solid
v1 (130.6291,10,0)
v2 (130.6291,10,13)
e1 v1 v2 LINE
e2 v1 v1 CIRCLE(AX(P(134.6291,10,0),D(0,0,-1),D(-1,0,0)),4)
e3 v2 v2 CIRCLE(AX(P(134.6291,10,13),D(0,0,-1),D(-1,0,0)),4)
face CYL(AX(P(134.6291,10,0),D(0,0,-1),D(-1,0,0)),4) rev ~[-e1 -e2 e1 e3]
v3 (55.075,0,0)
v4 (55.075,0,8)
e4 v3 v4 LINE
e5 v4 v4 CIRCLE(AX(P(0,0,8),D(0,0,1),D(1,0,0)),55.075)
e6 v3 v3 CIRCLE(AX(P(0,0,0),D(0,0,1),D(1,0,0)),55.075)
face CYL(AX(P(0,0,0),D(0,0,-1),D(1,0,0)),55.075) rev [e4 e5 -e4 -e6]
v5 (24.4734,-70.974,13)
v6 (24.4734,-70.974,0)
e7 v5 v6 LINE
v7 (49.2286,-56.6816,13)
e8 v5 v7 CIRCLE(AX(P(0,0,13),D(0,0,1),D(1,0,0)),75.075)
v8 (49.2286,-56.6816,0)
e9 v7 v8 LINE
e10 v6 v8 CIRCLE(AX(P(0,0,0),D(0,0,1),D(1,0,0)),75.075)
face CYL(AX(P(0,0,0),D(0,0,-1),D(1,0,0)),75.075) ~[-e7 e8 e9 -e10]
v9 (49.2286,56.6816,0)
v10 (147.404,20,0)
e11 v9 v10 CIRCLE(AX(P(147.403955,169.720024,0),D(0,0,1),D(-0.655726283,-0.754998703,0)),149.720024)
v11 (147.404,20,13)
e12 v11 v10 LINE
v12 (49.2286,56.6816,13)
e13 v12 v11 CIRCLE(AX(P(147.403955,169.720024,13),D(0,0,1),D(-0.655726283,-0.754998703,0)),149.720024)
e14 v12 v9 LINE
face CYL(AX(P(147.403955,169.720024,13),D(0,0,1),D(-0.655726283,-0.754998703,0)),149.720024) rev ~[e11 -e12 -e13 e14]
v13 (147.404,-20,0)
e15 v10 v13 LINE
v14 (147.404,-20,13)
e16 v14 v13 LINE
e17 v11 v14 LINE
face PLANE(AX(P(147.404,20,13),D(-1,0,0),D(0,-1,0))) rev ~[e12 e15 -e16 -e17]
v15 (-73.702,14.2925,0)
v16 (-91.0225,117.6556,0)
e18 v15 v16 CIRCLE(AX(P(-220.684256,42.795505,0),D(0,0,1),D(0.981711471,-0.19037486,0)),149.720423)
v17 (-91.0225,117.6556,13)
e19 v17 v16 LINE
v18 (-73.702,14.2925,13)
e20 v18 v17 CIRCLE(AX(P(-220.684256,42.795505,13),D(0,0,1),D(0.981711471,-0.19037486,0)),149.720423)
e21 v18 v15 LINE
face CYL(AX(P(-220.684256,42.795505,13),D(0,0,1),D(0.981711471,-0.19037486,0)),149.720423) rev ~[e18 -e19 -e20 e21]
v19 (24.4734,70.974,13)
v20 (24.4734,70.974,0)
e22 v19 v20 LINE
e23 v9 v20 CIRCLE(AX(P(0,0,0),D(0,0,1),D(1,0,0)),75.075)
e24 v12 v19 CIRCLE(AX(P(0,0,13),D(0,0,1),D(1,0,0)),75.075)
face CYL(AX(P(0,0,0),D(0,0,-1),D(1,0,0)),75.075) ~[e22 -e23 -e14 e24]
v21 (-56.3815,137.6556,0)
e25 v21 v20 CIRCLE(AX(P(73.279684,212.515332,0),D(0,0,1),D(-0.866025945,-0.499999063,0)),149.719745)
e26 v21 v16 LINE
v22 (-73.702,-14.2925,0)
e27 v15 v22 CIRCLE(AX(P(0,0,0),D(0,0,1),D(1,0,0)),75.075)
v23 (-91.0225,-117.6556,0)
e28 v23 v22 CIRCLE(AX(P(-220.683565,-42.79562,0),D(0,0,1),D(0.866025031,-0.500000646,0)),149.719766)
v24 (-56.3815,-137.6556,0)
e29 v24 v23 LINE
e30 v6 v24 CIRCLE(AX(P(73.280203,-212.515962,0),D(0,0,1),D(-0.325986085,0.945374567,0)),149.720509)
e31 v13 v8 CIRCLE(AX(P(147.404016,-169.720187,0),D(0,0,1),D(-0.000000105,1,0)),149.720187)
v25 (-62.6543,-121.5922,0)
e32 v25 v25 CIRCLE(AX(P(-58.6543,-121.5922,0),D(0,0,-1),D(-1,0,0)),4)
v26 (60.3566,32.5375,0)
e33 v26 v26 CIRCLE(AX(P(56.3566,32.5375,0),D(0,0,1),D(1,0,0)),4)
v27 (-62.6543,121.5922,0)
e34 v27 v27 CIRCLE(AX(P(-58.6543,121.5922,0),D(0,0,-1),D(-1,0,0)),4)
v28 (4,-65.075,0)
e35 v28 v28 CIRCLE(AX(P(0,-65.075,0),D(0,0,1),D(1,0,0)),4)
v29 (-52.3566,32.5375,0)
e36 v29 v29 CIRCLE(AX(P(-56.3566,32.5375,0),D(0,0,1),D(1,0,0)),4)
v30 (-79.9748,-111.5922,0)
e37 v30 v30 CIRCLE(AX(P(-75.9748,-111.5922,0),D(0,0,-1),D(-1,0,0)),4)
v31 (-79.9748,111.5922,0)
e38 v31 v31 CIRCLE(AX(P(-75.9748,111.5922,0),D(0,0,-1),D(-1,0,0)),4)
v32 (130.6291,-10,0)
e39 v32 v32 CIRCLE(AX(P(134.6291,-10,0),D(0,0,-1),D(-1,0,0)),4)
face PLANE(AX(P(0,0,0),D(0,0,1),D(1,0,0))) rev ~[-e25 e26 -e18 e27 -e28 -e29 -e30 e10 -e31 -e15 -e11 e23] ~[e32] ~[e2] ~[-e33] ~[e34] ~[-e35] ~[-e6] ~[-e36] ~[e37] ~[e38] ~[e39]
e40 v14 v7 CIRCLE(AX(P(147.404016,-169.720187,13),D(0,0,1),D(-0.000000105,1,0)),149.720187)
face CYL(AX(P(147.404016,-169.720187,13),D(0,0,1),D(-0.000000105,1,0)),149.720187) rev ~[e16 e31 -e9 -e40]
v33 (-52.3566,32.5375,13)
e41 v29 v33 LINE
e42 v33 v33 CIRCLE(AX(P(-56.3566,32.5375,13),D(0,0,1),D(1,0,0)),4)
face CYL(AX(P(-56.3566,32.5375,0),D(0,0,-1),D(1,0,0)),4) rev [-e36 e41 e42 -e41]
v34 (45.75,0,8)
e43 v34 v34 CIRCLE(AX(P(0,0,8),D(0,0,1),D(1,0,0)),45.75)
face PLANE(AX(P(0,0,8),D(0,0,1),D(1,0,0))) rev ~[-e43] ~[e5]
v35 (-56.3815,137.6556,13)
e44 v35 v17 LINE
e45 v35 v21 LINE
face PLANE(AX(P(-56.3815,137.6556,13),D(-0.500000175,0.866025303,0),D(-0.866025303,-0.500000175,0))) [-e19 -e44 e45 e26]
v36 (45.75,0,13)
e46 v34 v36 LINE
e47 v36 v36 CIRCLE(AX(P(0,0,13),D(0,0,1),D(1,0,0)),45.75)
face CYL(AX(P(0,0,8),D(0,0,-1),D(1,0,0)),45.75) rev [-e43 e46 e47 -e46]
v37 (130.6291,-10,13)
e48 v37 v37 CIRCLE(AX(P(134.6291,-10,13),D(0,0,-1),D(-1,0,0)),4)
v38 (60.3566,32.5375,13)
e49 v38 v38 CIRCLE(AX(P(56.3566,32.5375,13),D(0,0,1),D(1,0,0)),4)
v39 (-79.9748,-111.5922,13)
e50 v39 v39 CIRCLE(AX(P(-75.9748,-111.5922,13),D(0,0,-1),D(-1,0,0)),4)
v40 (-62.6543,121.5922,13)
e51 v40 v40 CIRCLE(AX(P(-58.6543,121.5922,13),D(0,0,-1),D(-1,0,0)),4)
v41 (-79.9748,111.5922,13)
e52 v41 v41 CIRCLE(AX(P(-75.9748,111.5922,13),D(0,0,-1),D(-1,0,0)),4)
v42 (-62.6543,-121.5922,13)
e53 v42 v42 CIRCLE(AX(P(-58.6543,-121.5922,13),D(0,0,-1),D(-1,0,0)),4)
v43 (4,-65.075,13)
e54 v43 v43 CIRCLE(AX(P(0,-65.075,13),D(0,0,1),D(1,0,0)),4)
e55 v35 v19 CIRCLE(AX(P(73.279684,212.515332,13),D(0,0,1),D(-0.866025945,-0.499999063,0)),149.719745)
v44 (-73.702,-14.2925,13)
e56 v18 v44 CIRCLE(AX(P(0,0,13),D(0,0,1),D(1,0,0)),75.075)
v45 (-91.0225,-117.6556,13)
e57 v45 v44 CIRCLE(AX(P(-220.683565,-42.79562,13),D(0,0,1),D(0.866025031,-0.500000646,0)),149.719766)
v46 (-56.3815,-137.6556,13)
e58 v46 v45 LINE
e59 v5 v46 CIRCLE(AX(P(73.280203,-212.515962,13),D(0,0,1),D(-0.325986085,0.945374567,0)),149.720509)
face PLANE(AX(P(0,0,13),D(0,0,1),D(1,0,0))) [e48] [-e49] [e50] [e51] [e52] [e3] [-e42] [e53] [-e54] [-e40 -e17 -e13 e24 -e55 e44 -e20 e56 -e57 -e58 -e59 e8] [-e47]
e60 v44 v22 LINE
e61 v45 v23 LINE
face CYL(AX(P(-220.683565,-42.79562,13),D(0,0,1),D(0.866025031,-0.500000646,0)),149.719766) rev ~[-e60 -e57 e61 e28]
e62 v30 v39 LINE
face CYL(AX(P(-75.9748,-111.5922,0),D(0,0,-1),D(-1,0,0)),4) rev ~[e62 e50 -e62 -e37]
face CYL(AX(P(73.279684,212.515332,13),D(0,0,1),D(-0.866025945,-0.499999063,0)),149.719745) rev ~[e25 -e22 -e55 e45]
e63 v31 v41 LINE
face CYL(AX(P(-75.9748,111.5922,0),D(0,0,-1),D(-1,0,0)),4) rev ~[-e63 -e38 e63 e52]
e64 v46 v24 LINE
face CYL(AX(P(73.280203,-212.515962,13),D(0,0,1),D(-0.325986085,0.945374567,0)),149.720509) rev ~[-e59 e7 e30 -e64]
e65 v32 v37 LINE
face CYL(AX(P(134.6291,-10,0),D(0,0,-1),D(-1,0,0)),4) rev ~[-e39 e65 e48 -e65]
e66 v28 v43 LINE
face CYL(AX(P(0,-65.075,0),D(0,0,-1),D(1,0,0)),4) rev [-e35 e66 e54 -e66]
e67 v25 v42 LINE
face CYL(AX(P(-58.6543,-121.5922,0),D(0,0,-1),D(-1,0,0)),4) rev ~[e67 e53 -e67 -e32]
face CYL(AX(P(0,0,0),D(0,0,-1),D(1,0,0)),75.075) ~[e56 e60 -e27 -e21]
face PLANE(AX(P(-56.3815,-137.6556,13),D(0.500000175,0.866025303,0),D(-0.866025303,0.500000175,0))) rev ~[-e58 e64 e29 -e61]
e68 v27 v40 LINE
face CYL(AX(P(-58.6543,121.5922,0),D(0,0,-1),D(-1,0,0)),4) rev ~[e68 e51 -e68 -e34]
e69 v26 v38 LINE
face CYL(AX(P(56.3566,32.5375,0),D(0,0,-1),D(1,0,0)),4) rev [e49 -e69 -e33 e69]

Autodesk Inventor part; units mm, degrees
ref_plane "YZ Plane" through (0, 0, 0) normal (1, 0, 0) x (0, 1, 0)
ref_plane "XZ Plane" through (0, 0, 0) normal (0, 1, 0) x (-1, 0, 0)
ref_plane "XY Plane" through (0, 0, 0) normal (0, 0, 1) x (1, 0, 0)
sketch "Sketch1" plane through (0, 0, 0) normal (0, 0, 1) x (1, 0, 0)
  circle A0 centre (0, 0) radius 55.075
  circle A1 centre (0, 0) radius 75.075
  circle A2 centre (0, -65.075) radius 4
  circle A3 centre (-56.3566, 32.5375) radius 4
  circle A4 centre (56.3566, 32.5375) radius 4
  line L0 (0, -65.075) -> (-56.3566, 32.5375) construction
  line L1 (-56.3566, 32.5375) -> (56.3566, 32.5375) construction
  line L2 (0, -65.075) -> (56.3566, 32.5375) construction
  line L3 (0, -61.075) -> (0, -55.075) construction
  line L4 (-52.8925, 30.5375) -> (-47.6963, 27.5375) construction
  line L5 (47.6963, 27.5375) -> (52.8925, 30.5375) construction
  dimension "d4" = 8
  dimension "d0" = 110.15
  dimension "d1" = 20
  dimension "d6" = 6
extrude "Extrusion1" add sketch "Sketch1" along normal blind 8
sketch "Sketch2" plane through (0, 0, 8) normal (0, 0, 1) x (1, 0, 0)
  circle A0 centre (0, 0) radius 55.075 projected
  circle A1 centre (0, 0) radius 45.75
  circle A2 centre (0, 0) radius 75.075 projected
  circle A3 centre (56.3566, 32.5375) radius 4 projected
  circle A4 centre (-56.3566, 32.5375) radius 4 projected
  circle A5 centre (0, -65.075) radius 4 projected
  circle A6 centre (0, 0) radius 55.075 projected
  dimension "d7" = 91.5
extrude "Extrusion2" add sketch "Sketch2" along normal blind 5 contours A0 | A2
sketch "Sketch3" plane through (0, 0, 13) normal (0, 0, 1) x (1, 0, 0)
  circle A0 centre (0, 0) radius 75.075 projected
  line L0 (72.362, 20) -> (147.404, 20)
  line L1 (147.404, 20) -> (147.404, -20)
  line L2 (147.404, -20) -> (72.362, -20)
  circle A1 centre (0, 0) radius 75.075 projected
  line L3 (-18.8605, -72.6673) -> (-56.3815, -137.6556)
  line L4 (-56.3815, -137.6556) -> (-91.0225, -117.6556)
  line L5 (-91.0225, -117.6556) -> (-53.5015, -52.6673)
  line L6 (-18.8605, 72.6673) -> (-56.3815, 137.6556)
  line L7 (-56.3815, 137.6556) -> (-91.0225, 117.6556)
  line L8 (-91.0225, 117.6556) -> (-53.5015, 52.6673)
  line L9 (147.404, 0) -> (-73.702, 127.6556) construction
  line L10 (-73.702, -127.6556) -> (-73.702, 127.6556) construction
  line L11 (147.404, 0) -> (-73.702, -127.6556) construction
  arc A2 (49.2286, 56.6816) -> (147.404, 20) centre (147.404, 169.7201) ccw
  arc A3 (147.404, -20) -> (49.2286, -56.6816) centre (147.404, -169.7201) ccw
  arc A4 (24.4734, -70.974) -> (-56.3815, -137.6556) centre (73.28, -212.5156) ccw
  arc A5 (-91.0225, -117.6556) -> (-73.702, -14.2925) centre (-220.6839, -42.7955) ccw
  arc A6 (-73.702, 14.2925) -> (-91.0225, 117.6556) centre (-220.6839, 42.7955) ccw
  arc A7 (-56.3815, 137.6556) -> (24.4734, 70.974) centre (73.28, 212.5156) ccw
  point P0 (24.4734, 70.974)
  point P1 (24.4734, -70.974)
  point P2 (-73.702, -14.2925)
  point P3 (49.2286, 56.6816)
  point P4 (49.2286, -56.6816)
  dimension "d10" = 40
extrude "Extrusion3" add sketch "Sketch3" against normal up to surface (13 mm away) contours A0 L0 L1 L2 | A0 A2 L0 | L2 A3 A0 | A0 L6 A7 | A4 L3 A0 | A0 L8 L7 L6 | L3 L4 L5 A0 | A0 A6 L8 | L5 A5 A0
sketch "Sketch4" plane through (0, 0, 0) normal (0, 0, -1) x (-1, 0, 0)
  circle A0 centre (0, 0) radius 135 construction
  circle A1 centre (75.9748, 111.5922) radius 4
  circle A2 centre (58.6543, 121.5922) radius 4
  line L0 (58.6543, 121.5922) -> (56.3815, 137.6556) construction
  line L1 (75.9748, 111.5922) -> (91.0225, 117.6556) construction
  circle A3 centre (-134.6291, -10) radius 4
  circle A4 centre (-134.6291, 10) radius 4
  circle A5 centre (75.9748, -111.5922) radius 4
  circle A6 centre (58.6543, -121.5922) radius 4
  dimension "d13" = 8
  dimension "d14" = 270
  dimension "d15" = 20
  dimension "d18" = 360
extrude "Extrusion4" cut sketch "Sketch4" against normal blind 20
equation "\"d2\" = d4"
properties part number "Tractor_Mobile"
